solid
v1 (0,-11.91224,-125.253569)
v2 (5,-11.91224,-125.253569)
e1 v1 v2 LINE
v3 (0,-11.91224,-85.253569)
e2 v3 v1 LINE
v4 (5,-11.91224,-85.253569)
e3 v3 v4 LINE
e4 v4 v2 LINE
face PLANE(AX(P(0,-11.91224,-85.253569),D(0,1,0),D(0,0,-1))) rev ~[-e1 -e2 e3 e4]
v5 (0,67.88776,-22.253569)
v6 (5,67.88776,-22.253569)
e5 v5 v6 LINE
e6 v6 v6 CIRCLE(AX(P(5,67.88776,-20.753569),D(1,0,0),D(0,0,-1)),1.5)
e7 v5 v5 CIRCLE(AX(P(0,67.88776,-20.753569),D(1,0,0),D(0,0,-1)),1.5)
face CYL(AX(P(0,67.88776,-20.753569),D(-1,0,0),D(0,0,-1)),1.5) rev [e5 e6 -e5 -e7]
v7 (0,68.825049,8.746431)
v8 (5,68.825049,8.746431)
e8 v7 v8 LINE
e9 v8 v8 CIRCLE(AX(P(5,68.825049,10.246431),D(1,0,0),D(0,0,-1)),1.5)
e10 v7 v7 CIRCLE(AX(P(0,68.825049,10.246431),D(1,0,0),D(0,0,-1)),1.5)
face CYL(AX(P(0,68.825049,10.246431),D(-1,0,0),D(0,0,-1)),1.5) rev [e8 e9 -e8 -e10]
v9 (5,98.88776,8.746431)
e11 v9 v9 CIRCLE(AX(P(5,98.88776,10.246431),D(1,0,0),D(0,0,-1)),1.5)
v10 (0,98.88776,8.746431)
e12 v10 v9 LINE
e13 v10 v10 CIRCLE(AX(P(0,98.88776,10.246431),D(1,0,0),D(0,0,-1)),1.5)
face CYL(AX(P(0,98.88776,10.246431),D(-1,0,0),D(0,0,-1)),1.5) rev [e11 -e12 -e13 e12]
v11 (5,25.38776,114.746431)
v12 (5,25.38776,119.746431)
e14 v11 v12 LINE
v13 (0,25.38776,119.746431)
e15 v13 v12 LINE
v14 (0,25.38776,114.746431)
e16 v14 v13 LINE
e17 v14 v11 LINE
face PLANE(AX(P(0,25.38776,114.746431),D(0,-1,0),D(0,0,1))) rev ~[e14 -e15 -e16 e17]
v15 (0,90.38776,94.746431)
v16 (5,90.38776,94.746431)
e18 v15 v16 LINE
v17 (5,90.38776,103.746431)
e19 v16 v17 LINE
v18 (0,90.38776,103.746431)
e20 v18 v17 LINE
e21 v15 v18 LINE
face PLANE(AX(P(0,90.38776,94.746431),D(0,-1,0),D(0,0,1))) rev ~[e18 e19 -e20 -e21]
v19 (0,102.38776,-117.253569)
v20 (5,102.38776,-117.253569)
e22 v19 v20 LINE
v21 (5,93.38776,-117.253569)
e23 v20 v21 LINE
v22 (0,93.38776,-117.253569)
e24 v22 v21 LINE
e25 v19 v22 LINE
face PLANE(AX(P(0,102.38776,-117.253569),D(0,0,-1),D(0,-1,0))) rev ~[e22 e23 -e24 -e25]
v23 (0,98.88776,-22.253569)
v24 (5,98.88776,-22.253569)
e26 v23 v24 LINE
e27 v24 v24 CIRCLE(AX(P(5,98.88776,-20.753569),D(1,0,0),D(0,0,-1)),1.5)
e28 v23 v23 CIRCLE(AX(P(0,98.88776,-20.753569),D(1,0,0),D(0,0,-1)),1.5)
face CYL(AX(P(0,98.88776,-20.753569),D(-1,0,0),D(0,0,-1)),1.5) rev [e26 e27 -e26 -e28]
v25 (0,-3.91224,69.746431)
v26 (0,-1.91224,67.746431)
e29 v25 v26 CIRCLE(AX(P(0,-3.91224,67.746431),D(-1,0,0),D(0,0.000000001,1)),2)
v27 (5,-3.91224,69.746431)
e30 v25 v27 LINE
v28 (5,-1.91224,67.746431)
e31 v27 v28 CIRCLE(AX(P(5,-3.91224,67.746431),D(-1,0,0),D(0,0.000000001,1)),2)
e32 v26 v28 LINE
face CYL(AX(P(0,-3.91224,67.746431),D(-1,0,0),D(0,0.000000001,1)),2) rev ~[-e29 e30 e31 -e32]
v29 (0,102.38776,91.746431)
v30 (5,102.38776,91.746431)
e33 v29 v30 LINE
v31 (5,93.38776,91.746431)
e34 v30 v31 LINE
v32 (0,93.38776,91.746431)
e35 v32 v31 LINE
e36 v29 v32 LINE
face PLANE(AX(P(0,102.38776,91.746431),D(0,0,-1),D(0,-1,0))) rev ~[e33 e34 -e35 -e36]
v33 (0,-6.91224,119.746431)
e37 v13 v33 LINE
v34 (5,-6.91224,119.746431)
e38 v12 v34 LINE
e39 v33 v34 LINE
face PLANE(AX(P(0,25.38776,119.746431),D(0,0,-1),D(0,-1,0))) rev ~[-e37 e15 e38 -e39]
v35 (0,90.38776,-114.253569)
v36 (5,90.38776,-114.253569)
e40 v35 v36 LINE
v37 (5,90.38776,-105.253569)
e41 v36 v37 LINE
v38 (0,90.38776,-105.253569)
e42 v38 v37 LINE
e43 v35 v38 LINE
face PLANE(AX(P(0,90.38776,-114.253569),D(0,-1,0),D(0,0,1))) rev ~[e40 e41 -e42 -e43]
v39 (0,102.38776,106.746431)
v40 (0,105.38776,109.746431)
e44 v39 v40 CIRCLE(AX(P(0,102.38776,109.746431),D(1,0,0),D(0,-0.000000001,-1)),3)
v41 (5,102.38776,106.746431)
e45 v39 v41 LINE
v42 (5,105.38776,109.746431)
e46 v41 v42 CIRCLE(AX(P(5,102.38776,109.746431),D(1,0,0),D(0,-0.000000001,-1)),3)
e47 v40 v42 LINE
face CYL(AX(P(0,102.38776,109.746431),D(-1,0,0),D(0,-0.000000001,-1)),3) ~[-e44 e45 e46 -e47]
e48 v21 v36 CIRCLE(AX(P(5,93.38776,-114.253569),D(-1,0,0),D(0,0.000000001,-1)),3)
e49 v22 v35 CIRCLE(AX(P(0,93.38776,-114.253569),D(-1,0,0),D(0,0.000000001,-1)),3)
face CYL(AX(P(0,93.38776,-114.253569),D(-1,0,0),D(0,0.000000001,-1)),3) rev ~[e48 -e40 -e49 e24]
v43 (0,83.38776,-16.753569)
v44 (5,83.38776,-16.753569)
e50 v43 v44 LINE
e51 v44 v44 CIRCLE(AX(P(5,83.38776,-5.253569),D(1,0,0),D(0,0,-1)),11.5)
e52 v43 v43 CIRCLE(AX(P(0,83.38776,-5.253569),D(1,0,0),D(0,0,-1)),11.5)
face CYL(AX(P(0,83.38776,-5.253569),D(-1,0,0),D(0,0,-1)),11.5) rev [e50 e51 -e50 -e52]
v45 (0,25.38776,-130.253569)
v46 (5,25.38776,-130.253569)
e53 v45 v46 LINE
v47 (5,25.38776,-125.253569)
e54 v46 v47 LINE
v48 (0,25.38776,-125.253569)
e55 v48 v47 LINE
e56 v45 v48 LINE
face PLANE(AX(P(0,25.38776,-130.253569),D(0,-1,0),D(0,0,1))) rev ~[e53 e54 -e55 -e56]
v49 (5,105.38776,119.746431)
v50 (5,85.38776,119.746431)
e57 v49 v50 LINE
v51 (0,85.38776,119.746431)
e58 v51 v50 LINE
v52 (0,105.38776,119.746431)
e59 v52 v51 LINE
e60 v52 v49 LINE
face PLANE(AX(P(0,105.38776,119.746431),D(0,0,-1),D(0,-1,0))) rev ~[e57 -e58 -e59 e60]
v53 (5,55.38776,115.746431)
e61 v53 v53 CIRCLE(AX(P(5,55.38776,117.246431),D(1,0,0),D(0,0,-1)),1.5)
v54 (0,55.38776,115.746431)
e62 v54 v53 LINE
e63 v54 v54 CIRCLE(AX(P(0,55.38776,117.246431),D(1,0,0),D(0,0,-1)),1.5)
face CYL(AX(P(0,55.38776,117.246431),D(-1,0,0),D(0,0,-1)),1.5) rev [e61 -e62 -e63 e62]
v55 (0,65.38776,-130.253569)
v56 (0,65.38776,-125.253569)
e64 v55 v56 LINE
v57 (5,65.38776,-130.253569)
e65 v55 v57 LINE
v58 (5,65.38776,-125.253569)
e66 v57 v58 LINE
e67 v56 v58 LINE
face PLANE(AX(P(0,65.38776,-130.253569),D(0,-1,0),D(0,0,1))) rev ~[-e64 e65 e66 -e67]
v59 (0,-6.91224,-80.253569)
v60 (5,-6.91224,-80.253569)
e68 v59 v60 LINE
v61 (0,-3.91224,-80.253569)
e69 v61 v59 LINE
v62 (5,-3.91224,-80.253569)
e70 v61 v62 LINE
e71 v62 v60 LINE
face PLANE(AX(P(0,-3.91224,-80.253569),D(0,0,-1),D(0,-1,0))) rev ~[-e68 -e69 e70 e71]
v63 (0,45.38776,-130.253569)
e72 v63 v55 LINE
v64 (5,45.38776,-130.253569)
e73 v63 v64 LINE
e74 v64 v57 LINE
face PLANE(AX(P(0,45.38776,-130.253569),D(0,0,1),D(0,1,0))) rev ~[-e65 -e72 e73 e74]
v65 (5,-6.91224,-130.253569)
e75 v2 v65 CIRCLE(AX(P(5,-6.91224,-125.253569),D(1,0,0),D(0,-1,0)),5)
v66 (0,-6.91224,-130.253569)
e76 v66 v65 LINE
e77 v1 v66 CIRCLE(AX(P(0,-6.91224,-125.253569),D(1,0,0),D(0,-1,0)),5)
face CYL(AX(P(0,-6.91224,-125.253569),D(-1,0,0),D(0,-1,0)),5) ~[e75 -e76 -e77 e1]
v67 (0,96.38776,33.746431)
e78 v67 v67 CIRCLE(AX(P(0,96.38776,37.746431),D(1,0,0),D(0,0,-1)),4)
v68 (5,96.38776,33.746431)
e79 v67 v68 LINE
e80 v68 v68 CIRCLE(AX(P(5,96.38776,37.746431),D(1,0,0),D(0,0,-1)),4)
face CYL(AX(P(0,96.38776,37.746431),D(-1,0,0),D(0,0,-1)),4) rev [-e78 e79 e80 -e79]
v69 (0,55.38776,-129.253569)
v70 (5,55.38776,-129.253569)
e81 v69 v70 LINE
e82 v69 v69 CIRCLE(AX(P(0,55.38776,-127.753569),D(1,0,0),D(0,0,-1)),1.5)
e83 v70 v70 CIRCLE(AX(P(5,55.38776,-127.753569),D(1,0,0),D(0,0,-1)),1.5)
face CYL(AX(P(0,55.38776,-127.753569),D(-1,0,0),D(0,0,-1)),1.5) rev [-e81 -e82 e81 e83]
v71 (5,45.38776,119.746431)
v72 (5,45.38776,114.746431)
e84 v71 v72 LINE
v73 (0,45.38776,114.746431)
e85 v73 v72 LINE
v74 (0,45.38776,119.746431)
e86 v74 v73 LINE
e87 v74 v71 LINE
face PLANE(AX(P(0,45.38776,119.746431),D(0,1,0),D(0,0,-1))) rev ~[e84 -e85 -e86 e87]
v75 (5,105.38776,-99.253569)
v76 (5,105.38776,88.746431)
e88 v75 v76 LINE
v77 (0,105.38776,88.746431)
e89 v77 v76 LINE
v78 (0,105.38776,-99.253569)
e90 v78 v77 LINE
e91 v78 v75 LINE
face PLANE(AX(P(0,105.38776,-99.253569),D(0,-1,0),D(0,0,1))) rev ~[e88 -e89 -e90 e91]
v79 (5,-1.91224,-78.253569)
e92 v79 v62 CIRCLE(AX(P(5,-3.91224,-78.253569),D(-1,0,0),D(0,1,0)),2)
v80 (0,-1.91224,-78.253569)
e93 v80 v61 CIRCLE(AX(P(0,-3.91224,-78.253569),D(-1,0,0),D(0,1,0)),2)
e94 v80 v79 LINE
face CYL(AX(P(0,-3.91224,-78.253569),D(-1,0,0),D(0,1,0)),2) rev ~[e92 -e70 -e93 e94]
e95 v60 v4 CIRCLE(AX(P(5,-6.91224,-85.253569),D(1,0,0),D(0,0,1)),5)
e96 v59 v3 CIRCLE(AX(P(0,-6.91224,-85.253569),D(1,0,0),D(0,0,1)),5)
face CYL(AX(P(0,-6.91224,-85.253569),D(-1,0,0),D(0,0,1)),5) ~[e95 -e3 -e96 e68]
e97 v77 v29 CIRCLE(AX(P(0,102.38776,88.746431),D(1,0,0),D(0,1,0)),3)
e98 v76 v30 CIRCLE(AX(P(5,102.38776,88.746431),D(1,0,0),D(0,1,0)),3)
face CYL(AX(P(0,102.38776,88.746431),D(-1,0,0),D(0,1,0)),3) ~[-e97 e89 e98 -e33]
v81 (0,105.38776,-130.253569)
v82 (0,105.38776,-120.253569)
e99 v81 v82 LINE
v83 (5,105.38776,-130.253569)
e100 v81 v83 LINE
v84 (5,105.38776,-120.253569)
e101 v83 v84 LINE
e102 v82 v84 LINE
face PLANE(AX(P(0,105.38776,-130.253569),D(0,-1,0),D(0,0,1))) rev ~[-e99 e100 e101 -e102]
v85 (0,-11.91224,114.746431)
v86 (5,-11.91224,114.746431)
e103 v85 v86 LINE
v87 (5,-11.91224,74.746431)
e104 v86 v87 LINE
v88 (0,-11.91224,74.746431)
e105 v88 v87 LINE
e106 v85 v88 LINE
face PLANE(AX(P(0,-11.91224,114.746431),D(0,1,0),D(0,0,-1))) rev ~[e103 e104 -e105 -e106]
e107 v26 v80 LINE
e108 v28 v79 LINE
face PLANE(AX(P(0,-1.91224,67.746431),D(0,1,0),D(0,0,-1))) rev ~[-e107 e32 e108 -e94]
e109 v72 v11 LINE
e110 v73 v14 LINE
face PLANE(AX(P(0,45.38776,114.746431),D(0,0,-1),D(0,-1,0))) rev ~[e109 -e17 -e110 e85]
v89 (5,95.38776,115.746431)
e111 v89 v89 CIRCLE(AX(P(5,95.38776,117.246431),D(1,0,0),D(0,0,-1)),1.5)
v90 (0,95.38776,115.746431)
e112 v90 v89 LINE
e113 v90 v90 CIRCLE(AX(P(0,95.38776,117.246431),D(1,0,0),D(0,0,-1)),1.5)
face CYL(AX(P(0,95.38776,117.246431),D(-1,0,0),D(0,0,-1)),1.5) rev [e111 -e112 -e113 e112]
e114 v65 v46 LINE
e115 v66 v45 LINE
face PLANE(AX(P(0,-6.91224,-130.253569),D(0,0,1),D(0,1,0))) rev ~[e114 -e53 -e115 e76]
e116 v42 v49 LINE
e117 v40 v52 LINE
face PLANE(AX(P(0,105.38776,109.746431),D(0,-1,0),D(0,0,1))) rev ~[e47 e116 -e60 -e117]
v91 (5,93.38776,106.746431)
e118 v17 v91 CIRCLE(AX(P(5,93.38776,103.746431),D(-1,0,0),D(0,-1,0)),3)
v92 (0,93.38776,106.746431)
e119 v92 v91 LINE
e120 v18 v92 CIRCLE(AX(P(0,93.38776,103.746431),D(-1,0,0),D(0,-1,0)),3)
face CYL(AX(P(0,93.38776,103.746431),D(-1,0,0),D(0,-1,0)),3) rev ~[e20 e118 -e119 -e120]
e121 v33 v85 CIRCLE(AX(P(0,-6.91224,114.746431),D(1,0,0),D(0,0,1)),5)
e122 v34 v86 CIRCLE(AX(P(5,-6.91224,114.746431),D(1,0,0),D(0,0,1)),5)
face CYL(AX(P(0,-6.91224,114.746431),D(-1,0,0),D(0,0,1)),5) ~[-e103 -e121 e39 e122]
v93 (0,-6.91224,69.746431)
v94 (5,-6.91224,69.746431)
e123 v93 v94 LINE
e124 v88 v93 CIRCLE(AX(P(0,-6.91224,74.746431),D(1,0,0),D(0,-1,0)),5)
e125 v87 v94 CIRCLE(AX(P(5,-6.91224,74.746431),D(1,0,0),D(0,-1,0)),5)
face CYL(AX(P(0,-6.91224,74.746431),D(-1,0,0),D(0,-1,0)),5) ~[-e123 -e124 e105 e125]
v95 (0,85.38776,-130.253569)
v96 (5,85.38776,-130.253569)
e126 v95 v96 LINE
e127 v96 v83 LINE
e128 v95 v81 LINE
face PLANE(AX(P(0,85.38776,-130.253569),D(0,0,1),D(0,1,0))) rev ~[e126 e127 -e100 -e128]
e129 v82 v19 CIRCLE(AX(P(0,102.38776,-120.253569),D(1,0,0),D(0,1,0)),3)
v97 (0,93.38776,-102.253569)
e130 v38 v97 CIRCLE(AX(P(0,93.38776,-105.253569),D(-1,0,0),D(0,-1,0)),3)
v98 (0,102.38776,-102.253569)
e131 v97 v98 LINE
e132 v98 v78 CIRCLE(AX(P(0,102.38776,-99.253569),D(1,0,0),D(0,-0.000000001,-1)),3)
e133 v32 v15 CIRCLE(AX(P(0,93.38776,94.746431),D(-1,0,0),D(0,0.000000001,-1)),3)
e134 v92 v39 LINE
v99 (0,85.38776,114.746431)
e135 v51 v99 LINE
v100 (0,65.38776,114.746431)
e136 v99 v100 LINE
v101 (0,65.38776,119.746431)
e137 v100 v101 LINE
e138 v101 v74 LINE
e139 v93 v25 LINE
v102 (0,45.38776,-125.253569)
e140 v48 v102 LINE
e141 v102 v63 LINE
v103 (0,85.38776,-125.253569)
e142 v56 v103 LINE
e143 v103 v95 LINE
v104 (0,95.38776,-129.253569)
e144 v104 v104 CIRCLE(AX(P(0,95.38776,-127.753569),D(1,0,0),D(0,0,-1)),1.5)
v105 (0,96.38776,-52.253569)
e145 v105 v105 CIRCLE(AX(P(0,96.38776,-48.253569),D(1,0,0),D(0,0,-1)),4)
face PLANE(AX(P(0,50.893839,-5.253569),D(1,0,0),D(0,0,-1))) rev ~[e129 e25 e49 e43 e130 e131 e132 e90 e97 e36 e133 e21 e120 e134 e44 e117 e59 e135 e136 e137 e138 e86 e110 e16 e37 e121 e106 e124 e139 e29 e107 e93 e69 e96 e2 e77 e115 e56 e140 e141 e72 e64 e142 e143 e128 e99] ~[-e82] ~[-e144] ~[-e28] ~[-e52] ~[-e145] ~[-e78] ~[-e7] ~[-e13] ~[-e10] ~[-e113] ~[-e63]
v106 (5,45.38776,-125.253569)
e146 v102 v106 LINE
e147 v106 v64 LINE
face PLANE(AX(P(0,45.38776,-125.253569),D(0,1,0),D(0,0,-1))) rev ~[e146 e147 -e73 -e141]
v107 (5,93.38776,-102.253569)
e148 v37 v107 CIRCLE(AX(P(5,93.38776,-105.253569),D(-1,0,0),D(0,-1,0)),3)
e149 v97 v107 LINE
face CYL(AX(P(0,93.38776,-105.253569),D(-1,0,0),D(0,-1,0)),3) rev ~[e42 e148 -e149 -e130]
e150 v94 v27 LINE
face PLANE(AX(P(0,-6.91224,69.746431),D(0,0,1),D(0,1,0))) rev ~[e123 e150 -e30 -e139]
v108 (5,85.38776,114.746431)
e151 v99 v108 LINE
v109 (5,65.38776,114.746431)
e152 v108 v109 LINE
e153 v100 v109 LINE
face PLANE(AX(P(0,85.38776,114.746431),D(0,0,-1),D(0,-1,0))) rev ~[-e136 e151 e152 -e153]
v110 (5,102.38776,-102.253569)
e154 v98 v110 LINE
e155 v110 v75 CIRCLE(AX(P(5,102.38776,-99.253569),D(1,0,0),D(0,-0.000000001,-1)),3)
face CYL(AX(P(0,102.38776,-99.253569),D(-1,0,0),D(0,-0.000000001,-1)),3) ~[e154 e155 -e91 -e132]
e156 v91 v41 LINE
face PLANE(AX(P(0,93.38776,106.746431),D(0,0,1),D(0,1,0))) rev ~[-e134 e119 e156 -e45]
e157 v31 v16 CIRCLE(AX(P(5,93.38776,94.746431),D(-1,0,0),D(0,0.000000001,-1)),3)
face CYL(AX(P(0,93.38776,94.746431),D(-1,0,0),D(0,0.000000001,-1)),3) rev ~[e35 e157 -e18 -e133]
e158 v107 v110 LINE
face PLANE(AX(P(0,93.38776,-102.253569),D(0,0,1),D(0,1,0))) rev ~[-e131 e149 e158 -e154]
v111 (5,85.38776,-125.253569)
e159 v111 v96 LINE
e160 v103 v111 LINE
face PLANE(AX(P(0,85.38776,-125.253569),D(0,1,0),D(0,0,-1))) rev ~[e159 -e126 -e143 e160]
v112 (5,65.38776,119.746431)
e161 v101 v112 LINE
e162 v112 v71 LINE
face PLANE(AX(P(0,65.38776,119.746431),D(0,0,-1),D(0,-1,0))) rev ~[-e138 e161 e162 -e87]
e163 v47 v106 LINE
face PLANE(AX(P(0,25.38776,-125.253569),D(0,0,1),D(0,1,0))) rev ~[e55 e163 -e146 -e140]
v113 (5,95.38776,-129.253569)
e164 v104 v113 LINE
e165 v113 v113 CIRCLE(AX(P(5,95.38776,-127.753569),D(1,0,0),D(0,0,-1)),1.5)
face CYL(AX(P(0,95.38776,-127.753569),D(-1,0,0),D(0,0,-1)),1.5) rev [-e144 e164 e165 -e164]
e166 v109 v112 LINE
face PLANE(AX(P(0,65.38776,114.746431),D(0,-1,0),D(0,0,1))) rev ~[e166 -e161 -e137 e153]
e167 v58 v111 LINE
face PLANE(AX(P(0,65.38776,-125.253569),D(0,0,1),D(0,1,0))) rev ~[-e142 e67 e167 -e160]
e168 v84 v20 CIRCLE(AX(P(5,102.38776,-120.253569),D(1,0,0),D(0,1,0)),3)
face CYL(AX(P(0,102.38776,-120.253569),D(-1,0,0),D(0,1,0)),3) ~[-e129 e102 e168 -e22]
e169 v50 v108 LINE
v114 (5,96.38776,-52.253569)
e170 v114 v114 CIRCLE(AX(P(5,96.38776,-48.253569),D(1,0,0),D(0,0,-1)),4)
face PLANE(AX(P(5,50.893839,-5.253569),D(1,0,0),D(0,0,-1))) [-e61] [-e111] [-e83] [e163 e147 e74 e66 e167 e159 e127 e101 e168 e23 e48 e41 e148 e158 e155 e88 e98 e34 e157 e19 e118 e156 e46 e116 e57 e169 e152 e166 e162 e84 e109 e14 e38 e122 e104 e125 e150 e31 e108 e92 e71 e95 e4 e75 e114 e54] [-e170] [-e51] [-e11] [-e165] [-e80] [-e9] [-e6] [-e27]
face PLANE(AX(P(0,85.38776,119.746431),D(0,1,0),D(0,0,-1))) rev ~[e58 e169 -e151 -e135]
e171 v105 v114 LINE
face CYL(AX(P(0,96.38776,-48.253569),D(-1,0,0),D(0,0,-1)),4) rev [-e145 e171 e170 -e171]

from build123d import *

# Parameters (mm, degrees)
SKETCH_1_R      = 4
SKETCH_1_R_2    = 11.5
SKETCH_1_R_3    = 1.5
EXTRUDE_1_DEPTH = 5


with BuildPart() as part:
    # 草图1 → 凸台-拉伸1 (new body)
    with BuildSketch(Plane(origin=(0, 0, 0), x_dir=(0, 0, -1), z_dir=(1, 0, 0))):
        with BuildLine():
            Line((-69.746431282, -6.912239682), (-69.746431282, -3.912239682))
            ThreePointArc((-69.746431282, -3.912239682), (-69.160644844, -2.49802612), (-67.746431282, -1.912239682))
            Line((-67.746431282, -1.912239682), (78.253568718, -1.912239682))
            ThreePointArc((78.253568718, -1.912239682), (79.667782281, -2.49802612), (80.253568718, -3.912239682))
            Line((80.253568718, -3.912239682), (80.253568718, -6.912239682))
            ThreePointArc((80.253568718, -6.912239682), (81.718034813, -10.447773588), (85.253568718, -11.912239682))
            Line((85.253568718, -11.912239682), (125.253568718, -11.912239682))
            ThreePointArc((125.253568718, -11.912239682), (128.789102624, -10.447773588), (130.253568718, -6.912239682))
            Line((130.253568718, -6.912239682), (130.253568718, 25.387760318))
            Line((130.253568718, 25.387760318), (125.253568718, 25.387760318))
            Line((125.253568718, 25.387760318), (125.253568718, 45.387760318))
            Line((125.253568718, 45.387760318), (130.253568718, 45.387760318))
            Line((130.253568718, 45.387760318), (130.253568718, 65.387760318))
            Line((130.253568718, 65.387760318), (125.253568718, 65.387760318))
            Line((125.253568718, 65.387760318), (125.253568718, 85.387760318))
            Line((125.253568718, 85.387760318), (130.253568718, 85.387760318))
            Line((130.253568718, 85.387760318), (130.253568718, 105.387760318))
            Line((130.253568718, 105.387760318), (120.253568718, 105.387760318))
            ThreePointArc((120.253568718, 105.387760318), (118.132248375, 104.509080662), (117.253568718, 102.387760318))
            Line((117.253568718, 102.387760318), (117.253568718, 93.387760318))
            ThreePointArc((117.253568718, 93.387760318), (116.374889062, 91.266439974), (114.253568718, 90.387760318))
            Line((114.253568718, 90.387760318), (105.253568718, 90.387760318))
            ThreePointArc((105.253568718, 90.387760318), (103.132248375, 91.266439974), (102.253568718, 93.387760318))
            Line((102.253568718, 93.387760318), (102.253568718, 102.387760318))
            ThreePointArc((102.253568718, 102.387760318), (101.374889062, 104.509080662), (99.253568718, 105.387760318))
            Line((99.253568718, 105.387760318), (-88.746431282, 105.387760318))
            ThreePointArc((-88.746431282, 105.387760318), (-90.867751625, 104.509080662), (-91.746431282, 102.387760318))
            Line((-91.746431282, 102.387760318), (-91.746431282, 93.387760318))
            ThreePointArc((-91.746431282, 93.387760318), (-92.625110938, 91.266439974), (-94.746431282, 90.387760318))
            Line((-94.746431282, 90.387760318), (-103.746431282, 90.387760318))
            ThreePointArc((-103.746431282, 90.387760318), (-105.867751625, 91.266439974), (-106.746431282, 93.387760318))
            Line((-106.746431282, 93.387760318), (-106.746431282, 102.387760318))
            ThreePointArc((-106.746431282, 102.387760318), (-107.625110938, 104.509080662), (-109.746431282, 105.387760318))
            Line((-109.746431282, 105.387760318), (-119.746431282, 105.387760318))
            Line((-119.746431282, 105.387760318), (-119.746431282, 85.387760318))
            Line((-119.746431282, 85.387760318), (-114.746431282, 85.387760318))
            Line((-114.746431282, 85.387760318), (-114.746431282, 65.387760318))
            Line((-114.746431282, 65.387760318), (-119.746431282, 65.387760318))
            Line((-119.746431282, 65.387760318), (-119.746431282, 45.387760318))
            Line((-119.746431282, 45.387760318), (-114.746431282, 45.387760318))
            Line((-114.746431282, 45.387760318), (-114.746431282, 25.387760318))
            Line((-114.746431282, 25.387760318), (-119.746431282, 25.387760318))
            Line((-119.746431282, 25.387760318), (-119.746431282, -6.912239682))
            ThreePointArc((-119.746431282, -6.912239682), (-118.281965187, -10.447773588), (-114.746431282, -11.912239682))
            Line((-114.746431282, -11.912239682), (-74.746431282, -11.912239682))
            ThreePointArc((-74.746431282, -11.912239682), (-71.210897376, -10.447773588), (-69.746431282, -6.912239682))
        make_face()
        with Locations((48.253568718, 96.387760318)):
            Circle(SKETCH_1_R, mode=Mode.SUBTRACT)
        with Locations((-37.746431282, 96.387760318)):
            Circle(SKETCH_1_R, mode=Mode.SUBTRACT)
        with Locations((5.253568718, 83.387760318)):
            Circle(SKETCH_1_R_2, mode=Mode.SUBTRACT)
        with Locations((-10.246431282, 98.887760318)):
            Circle(SKETCH_1_R_3, mode=Mode.SUBTRACT)
        with Locations((20.753568718, 98.887760318)):
            Circle(SKETCH_1_R_3, mode=Mode.SUBTRACT)
        with Locations((20.753568718, 67.887760318)):
            Circle(SKETCH_1_R_3, mode=Mode.SUBTRACT)
        with Locations((-10.246431282, 68.825049391)):
            Circle(SKETCH_1_R_3, mode=Mode.SUBTRACT)
        with Locations((127.753568718, 95.387760318)):
            Circle(SKETCH_1_R_3, mode=Mode.SUBTRACT)
        with Locations((127.753568718, 55.387760318)):
            Circle(SKETCH_1_R_3, mode=Mode.SUBTRACT)
        with Locations((-117.246431282, 95.387760318)):
            Circle(SKETCH_1_R_3, mode=Mode.SUBTRACT)
        with Locations((-117.246431282, 55.387760318)):
            Circle(SKETCH_1_R_3, mode=Mode.SUBTRACT)
    extrude(amount=EXTRUDE_1_DEPTH)


solid = part.part
